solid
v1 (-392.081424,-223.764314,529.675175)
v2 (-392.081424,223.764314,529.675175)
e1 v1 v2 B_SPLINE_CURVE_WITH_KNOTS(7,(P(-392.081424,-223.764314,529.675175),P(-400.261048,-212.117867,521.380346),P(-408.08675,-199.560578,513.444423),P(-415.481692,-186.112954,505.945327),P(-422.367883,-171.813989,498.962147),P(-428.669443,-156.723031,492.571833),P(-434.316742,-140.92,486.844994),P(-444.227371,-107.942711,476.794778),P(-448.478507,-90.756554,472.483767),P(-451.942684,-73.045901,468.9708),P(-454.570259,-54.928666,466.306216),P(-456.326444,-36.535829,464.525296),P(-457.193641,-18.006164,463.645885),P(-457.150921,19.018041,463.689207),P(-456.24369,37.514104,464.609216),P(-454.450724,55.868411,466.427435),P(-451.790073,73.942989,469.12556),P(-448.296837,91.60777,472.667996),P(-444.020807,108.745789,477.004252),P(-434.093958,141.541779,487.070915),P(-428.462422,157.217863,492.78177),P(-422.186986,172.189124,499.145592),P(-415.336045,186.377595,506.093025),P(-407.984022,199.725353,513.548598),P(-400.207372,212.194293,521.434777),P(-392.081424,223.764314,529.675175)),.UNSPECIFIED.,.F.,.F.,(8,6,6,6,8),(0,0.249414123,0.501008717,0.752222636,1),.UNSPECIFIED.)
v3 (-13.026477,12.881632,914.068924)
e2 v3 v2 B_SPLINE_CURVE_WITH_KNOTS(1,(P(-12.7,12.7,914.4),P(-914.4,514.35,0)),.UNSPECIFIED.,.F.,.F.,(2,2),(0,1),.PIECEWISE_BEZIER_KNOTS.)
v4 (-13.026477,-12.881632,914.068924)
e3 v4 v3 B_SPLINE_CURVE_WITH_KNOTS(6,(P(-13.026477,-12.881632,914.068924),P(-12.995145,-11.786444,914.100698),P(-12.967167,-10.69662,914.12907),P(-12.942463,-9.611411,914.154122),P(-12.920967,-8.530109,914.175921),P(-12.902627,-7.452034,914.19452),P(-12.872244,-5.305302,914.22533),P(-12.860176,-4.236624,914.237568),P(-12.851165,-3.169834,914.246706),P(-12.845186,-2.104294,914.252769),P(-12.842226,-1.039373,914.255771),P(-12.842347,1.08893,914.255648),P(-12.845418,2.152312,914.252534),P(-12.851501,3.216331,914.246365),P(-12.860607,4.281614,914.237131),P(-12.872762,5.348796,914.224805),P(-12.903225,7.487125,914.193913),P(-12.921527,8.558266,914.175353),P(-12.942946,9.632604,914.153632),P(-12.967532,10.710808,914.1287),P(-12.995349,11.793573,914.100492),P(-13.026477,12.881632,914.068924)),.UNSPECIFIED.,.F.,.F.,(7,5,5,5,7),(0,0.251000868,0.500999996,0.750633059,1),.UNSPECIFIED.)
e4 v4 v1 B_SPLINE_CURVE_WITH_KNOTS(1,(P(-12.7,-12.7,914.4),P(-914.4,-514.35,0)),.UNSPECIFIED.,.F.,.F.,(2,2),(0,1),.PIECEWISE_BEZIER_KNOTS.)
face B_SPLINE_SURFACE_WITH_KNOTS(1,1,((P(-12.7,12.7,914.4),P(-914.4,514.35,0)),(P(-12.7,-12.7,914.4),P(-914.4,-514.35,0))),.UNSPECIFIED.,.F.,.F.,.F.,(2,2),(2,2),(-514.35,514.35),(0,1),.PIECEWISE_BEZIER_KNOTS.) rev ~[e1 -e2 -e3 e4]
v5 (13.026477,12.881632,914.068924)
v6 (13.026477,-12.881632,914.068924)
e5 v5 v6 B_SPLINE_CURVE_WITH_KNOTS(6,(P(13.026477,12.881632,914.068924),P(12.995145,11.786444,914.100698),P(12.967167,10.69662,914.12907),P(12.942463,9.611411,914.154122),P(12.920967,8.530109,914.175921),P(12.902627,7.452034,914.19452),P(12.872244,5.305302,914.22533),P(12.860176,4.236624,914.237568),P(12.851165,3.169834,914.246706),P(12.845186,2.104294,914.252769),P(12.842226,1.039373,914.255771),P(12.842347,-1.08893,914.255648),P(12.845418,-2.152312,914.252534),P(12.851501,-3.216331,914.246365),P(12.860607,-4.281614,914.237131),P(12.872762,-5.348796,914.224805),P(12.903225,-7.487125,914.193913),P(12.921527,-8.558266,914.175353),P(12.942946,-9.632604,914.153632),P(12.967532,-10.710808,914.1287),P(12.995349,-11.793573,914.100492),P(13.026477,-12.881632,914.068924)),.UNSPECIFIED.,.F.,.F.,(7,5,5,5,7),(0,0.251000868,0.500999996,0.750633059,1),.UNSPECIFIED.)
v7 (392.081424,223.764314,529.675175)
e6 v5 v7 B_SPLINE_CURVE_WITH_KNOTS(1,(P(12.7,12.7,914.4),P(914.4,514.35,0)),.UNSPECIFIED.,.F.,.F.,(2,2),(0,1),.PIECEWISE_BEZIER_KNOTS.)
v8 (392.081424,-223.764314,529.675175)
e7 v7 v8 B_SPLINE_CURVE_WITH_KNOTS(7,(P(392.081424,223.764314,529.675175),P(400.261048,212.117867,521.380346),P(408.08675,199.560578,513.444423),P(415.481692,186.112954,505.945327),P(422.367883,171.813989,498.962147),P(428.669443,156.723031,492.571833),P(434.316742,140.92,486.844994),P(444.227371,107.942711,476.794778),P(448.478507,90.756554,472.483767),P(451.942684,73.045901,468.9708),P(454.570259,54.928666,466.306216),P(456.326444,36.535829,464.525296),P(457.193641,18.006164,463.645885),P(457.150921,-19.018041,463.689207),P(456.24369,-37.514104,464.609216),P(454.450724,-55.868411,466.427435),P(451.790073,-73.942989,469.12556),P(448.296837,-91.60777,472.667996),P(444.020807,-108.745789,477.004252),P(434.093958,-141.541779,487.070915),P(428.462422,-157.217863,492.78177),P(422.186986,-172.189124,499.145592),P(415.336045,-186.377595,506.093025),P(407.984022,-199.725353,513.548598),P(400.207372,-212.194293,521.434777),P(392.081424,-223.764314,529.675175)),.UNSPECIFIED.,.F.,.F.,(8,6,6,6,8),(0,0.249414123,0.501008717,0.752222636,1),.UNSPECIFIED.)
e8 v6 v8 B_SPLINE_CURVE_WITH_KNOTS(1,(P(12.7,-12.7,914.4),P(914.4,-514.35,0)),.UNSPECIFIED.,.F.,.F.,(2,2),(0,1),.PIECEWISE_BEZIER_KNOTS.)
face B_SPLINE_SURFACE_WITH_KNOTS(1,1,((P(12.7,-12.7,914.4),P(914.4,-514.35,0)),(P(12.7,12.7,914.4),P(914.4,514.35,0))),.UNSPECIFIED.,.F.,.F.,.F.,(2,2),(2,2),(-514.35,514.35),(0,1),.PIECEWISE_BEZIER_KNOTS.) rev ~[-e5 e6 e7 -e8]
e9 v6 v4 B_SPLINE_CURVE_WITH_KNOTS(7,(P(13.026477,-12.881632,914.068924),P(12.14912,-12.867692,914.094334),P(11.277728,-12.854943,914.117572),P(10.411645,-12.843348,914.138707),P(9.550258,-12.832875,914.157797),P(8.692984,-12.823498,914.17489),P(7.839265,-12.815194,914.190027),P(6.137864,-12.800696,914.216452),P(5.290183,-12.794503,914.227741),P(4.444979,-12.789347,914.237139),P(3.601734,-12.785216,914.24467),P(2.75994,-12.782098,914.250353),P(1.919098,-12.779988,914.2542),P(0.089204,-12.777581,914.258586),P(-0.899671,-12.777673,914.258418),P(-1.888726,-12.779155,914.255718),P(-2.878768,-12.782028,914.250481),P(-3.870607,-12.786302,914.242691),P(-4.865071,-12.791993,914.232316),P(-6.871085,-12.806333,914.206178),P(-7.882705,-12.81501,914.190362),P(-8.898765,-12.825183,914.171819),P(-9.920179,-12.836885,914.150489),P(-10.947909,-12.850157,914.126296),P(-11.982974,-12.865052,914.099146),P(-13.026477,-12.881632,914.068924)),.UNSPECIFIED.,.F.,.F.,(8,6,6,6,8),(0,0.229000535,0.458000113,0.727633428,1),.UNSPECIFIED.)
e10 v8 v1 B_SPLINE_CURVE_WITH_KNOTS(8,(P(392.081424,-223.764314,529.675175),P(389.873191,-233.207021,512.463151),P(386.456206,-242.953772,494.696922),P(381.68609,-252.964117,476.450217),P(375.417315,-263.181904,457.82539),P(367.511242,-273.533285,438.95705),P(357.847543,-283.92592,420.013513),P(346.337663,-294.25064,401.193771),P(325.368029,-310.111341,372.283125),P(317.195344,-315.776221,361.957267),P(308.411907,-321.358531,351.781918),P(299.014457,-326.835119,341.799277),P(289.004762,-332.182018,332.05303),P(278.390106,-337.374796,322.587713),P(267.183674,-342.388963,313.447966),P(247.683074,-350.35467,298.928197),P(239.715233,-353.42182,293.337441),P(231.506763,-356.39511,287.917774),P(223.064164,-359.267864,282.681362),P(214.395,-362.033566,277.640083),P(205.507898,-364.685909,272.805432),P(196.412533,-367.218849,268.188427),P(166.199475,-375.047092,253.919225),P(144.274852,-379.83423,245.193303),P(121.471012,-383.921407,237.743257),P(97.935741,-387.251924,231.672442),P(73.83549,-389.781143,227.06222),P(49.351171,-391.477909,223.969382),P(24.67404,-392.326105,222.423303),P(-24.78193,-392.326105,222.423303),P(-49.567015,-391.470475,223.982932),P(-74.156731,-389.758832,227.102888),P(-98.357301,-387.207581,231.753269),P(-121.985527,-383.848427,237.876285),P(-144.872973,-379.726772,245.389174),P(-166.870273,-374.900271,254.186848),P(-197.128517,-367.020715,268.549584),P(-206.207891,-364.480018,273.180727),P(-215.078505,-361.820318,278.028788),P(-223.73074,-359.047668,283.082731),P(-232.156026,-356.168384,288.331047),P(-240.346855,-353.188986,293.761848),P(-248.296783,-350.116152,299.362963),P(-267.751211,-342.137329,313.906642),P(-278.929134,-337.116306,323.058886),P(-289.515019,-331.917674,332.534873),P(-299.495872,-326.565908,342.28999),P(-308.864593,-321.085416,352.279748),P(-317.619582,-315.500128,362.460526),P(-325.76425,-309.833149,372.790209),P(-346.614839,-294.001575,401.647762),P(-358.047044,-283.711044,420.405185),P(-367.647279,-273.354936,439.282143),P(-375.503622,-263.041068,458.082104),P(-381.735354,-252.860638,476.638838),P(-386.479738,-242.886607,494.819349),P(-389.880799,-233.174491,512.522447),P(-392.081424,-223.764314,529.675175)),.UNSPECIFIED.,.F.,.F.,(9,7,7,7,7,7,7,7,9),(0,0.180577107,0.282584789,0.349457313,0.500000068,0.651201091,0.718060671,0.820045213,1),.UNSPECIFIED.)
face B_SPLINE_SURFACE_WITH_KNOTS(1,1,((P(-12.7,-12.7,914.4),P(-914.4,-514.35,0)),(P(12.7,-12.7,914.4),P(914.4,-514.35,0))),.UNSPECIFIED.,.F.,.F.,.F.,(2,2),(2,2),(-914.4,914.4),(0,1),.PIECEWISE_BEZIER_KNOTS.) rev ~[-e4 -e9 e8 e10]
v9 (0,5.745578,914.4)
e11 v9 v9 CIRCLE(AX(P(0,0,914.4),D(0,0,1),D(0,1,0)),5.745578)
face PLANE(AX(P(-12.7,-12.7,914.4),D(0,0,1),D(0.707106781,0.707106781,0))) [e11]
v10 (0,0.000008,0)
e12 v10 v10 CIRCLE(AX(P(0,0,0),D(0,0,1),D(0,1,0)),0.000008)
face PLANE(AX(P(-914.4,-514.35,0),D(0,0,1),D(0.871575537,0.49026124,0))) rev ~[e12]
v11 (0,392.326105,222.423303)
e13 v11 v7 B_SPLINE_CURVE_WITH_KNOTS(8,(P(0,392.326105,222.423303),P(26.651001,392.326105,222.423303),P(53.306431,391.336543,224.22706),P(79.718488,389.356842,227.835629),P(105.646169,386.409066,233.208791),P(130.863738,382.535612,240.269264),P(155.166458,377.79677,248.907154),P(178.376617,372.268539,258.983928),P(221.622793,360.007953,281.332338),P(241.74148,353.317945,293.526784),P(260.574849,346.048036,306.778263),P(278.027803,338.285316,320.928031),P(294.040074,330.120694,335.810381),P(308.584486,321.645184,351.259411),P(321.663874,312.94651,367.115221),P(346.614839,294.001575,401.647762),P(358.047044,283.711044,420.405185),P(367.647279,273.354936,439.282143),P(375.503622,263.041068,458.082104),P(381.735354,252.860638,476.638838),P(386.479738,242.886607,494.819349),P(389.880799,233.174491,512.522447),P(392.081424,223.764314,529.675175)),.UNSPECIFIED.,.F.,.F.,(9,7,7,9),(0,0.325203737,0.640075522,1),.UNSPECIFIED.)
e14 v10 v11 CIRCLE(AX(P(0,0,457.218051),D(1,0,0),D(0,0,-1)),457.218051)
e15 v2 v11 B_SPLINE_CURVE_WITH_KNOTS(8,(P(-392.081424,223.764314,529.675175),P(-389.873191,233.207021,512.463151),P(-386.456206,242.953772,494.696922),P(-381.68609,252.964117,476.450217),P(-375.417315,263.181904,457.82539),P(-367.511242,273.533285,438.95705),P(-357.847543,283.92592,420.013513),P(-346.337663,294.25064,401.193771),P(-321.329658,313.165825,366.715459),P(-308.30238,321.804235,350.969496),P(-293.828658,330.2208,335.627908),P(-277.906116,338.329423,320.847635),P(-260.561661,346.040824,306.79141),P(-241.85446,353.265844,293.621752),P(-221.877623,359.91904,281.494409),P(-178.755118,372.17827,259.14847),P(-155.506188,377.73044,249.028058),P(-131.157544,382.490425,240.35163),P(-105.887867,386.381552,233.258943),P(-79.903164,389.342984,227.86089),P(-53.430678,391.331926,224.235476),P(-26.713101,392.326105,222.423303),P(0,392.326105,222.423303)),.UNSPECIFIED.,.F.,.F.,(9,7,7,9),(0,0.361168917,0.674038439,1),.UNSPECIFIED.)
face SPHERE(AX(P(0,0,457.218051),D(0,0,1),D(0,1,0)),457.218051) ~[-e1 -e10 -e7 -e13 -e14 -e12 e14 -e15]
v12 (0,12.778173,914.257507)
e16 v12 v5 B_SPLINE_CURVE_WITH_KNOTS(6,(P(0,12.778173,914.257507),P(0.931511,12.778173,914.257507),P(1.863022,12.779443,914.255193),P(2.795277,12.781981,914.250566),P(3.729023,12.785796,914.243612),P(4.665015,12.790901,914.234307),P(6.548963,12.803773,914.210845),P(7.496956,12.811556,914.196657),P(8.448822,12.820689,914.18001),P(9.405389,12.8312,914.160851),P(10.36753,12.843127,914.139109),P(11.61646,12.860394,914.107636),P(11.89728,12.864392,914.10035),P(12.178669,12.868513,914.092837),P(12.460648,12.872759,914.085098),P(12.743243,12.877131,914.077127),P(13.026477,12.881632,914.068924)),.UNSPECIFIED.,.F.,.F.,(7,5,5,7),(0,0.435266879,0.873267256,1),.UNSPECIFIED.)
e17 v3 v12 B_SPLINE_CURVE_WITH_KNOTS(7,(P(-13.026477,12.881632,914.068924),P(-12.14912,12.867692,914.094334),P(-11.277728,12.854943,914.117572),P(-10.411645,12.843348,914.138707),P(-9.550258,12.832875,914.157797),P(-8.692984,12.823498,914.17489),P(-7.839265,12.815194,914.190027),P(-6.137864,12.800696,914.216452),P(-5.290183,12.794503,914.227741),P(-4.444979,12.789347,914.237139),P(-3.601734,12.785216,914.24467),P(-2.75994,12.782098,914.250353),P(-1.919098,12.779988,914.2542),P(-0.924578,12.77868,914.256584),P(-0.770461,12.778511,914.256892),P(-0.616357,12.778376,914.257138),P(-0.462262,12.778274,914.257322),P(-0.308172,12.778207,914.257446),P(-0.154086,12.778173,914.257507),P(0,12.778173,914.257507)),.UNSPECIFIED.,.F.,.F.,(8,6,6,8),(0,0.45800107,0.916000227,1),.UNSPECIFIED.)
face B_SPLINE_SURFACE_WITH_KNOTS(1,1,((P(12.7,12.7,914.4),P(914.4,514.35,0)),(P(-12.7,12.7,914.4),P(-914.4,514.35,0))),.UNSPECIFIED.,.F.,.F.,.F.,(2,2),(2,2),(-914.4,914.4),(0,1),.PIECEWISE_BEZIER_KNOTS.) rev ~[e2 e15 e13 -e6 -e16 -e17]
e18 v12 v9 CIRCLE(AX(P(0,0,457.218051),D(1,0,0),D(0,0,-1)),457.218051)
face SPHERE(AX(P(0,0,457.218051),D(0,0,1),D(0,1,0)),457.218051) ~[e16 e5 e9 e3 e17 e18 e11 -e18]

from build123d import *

# Parameters (mm, degrees)
F2_W = 25.4
F2_H = 25.4
F0_W = 1828.8
F0_H = 1028.7


with BuildPart() as f3:
    # F2 (on offset) → F3 section 0
    with BuildSketch(Plane.XY.offset(914.4)):
        Rectangle(F2_W, F2_H)
    # F0 (on Top) → F3 section 1
    with BuildSketch(Plane.XY):
        Rectangle(F0_W, F0_H)
    loft()

    # F4 (on Right) → F5 (revolve, intersect)
    with BuildSketch(Plane.YZ):
        with BuildLine():
            ThreePointArc((0, 0), (457.218051, 457.218051), (0, 914.436102))
            Line((0, 914.436102), (0, 0))
        make_face()
    revolve(axis=Axis((0, 0, 457.218051), (0, 0, -1)), mode=Mode.INTERSECT)


solid = f3.part
